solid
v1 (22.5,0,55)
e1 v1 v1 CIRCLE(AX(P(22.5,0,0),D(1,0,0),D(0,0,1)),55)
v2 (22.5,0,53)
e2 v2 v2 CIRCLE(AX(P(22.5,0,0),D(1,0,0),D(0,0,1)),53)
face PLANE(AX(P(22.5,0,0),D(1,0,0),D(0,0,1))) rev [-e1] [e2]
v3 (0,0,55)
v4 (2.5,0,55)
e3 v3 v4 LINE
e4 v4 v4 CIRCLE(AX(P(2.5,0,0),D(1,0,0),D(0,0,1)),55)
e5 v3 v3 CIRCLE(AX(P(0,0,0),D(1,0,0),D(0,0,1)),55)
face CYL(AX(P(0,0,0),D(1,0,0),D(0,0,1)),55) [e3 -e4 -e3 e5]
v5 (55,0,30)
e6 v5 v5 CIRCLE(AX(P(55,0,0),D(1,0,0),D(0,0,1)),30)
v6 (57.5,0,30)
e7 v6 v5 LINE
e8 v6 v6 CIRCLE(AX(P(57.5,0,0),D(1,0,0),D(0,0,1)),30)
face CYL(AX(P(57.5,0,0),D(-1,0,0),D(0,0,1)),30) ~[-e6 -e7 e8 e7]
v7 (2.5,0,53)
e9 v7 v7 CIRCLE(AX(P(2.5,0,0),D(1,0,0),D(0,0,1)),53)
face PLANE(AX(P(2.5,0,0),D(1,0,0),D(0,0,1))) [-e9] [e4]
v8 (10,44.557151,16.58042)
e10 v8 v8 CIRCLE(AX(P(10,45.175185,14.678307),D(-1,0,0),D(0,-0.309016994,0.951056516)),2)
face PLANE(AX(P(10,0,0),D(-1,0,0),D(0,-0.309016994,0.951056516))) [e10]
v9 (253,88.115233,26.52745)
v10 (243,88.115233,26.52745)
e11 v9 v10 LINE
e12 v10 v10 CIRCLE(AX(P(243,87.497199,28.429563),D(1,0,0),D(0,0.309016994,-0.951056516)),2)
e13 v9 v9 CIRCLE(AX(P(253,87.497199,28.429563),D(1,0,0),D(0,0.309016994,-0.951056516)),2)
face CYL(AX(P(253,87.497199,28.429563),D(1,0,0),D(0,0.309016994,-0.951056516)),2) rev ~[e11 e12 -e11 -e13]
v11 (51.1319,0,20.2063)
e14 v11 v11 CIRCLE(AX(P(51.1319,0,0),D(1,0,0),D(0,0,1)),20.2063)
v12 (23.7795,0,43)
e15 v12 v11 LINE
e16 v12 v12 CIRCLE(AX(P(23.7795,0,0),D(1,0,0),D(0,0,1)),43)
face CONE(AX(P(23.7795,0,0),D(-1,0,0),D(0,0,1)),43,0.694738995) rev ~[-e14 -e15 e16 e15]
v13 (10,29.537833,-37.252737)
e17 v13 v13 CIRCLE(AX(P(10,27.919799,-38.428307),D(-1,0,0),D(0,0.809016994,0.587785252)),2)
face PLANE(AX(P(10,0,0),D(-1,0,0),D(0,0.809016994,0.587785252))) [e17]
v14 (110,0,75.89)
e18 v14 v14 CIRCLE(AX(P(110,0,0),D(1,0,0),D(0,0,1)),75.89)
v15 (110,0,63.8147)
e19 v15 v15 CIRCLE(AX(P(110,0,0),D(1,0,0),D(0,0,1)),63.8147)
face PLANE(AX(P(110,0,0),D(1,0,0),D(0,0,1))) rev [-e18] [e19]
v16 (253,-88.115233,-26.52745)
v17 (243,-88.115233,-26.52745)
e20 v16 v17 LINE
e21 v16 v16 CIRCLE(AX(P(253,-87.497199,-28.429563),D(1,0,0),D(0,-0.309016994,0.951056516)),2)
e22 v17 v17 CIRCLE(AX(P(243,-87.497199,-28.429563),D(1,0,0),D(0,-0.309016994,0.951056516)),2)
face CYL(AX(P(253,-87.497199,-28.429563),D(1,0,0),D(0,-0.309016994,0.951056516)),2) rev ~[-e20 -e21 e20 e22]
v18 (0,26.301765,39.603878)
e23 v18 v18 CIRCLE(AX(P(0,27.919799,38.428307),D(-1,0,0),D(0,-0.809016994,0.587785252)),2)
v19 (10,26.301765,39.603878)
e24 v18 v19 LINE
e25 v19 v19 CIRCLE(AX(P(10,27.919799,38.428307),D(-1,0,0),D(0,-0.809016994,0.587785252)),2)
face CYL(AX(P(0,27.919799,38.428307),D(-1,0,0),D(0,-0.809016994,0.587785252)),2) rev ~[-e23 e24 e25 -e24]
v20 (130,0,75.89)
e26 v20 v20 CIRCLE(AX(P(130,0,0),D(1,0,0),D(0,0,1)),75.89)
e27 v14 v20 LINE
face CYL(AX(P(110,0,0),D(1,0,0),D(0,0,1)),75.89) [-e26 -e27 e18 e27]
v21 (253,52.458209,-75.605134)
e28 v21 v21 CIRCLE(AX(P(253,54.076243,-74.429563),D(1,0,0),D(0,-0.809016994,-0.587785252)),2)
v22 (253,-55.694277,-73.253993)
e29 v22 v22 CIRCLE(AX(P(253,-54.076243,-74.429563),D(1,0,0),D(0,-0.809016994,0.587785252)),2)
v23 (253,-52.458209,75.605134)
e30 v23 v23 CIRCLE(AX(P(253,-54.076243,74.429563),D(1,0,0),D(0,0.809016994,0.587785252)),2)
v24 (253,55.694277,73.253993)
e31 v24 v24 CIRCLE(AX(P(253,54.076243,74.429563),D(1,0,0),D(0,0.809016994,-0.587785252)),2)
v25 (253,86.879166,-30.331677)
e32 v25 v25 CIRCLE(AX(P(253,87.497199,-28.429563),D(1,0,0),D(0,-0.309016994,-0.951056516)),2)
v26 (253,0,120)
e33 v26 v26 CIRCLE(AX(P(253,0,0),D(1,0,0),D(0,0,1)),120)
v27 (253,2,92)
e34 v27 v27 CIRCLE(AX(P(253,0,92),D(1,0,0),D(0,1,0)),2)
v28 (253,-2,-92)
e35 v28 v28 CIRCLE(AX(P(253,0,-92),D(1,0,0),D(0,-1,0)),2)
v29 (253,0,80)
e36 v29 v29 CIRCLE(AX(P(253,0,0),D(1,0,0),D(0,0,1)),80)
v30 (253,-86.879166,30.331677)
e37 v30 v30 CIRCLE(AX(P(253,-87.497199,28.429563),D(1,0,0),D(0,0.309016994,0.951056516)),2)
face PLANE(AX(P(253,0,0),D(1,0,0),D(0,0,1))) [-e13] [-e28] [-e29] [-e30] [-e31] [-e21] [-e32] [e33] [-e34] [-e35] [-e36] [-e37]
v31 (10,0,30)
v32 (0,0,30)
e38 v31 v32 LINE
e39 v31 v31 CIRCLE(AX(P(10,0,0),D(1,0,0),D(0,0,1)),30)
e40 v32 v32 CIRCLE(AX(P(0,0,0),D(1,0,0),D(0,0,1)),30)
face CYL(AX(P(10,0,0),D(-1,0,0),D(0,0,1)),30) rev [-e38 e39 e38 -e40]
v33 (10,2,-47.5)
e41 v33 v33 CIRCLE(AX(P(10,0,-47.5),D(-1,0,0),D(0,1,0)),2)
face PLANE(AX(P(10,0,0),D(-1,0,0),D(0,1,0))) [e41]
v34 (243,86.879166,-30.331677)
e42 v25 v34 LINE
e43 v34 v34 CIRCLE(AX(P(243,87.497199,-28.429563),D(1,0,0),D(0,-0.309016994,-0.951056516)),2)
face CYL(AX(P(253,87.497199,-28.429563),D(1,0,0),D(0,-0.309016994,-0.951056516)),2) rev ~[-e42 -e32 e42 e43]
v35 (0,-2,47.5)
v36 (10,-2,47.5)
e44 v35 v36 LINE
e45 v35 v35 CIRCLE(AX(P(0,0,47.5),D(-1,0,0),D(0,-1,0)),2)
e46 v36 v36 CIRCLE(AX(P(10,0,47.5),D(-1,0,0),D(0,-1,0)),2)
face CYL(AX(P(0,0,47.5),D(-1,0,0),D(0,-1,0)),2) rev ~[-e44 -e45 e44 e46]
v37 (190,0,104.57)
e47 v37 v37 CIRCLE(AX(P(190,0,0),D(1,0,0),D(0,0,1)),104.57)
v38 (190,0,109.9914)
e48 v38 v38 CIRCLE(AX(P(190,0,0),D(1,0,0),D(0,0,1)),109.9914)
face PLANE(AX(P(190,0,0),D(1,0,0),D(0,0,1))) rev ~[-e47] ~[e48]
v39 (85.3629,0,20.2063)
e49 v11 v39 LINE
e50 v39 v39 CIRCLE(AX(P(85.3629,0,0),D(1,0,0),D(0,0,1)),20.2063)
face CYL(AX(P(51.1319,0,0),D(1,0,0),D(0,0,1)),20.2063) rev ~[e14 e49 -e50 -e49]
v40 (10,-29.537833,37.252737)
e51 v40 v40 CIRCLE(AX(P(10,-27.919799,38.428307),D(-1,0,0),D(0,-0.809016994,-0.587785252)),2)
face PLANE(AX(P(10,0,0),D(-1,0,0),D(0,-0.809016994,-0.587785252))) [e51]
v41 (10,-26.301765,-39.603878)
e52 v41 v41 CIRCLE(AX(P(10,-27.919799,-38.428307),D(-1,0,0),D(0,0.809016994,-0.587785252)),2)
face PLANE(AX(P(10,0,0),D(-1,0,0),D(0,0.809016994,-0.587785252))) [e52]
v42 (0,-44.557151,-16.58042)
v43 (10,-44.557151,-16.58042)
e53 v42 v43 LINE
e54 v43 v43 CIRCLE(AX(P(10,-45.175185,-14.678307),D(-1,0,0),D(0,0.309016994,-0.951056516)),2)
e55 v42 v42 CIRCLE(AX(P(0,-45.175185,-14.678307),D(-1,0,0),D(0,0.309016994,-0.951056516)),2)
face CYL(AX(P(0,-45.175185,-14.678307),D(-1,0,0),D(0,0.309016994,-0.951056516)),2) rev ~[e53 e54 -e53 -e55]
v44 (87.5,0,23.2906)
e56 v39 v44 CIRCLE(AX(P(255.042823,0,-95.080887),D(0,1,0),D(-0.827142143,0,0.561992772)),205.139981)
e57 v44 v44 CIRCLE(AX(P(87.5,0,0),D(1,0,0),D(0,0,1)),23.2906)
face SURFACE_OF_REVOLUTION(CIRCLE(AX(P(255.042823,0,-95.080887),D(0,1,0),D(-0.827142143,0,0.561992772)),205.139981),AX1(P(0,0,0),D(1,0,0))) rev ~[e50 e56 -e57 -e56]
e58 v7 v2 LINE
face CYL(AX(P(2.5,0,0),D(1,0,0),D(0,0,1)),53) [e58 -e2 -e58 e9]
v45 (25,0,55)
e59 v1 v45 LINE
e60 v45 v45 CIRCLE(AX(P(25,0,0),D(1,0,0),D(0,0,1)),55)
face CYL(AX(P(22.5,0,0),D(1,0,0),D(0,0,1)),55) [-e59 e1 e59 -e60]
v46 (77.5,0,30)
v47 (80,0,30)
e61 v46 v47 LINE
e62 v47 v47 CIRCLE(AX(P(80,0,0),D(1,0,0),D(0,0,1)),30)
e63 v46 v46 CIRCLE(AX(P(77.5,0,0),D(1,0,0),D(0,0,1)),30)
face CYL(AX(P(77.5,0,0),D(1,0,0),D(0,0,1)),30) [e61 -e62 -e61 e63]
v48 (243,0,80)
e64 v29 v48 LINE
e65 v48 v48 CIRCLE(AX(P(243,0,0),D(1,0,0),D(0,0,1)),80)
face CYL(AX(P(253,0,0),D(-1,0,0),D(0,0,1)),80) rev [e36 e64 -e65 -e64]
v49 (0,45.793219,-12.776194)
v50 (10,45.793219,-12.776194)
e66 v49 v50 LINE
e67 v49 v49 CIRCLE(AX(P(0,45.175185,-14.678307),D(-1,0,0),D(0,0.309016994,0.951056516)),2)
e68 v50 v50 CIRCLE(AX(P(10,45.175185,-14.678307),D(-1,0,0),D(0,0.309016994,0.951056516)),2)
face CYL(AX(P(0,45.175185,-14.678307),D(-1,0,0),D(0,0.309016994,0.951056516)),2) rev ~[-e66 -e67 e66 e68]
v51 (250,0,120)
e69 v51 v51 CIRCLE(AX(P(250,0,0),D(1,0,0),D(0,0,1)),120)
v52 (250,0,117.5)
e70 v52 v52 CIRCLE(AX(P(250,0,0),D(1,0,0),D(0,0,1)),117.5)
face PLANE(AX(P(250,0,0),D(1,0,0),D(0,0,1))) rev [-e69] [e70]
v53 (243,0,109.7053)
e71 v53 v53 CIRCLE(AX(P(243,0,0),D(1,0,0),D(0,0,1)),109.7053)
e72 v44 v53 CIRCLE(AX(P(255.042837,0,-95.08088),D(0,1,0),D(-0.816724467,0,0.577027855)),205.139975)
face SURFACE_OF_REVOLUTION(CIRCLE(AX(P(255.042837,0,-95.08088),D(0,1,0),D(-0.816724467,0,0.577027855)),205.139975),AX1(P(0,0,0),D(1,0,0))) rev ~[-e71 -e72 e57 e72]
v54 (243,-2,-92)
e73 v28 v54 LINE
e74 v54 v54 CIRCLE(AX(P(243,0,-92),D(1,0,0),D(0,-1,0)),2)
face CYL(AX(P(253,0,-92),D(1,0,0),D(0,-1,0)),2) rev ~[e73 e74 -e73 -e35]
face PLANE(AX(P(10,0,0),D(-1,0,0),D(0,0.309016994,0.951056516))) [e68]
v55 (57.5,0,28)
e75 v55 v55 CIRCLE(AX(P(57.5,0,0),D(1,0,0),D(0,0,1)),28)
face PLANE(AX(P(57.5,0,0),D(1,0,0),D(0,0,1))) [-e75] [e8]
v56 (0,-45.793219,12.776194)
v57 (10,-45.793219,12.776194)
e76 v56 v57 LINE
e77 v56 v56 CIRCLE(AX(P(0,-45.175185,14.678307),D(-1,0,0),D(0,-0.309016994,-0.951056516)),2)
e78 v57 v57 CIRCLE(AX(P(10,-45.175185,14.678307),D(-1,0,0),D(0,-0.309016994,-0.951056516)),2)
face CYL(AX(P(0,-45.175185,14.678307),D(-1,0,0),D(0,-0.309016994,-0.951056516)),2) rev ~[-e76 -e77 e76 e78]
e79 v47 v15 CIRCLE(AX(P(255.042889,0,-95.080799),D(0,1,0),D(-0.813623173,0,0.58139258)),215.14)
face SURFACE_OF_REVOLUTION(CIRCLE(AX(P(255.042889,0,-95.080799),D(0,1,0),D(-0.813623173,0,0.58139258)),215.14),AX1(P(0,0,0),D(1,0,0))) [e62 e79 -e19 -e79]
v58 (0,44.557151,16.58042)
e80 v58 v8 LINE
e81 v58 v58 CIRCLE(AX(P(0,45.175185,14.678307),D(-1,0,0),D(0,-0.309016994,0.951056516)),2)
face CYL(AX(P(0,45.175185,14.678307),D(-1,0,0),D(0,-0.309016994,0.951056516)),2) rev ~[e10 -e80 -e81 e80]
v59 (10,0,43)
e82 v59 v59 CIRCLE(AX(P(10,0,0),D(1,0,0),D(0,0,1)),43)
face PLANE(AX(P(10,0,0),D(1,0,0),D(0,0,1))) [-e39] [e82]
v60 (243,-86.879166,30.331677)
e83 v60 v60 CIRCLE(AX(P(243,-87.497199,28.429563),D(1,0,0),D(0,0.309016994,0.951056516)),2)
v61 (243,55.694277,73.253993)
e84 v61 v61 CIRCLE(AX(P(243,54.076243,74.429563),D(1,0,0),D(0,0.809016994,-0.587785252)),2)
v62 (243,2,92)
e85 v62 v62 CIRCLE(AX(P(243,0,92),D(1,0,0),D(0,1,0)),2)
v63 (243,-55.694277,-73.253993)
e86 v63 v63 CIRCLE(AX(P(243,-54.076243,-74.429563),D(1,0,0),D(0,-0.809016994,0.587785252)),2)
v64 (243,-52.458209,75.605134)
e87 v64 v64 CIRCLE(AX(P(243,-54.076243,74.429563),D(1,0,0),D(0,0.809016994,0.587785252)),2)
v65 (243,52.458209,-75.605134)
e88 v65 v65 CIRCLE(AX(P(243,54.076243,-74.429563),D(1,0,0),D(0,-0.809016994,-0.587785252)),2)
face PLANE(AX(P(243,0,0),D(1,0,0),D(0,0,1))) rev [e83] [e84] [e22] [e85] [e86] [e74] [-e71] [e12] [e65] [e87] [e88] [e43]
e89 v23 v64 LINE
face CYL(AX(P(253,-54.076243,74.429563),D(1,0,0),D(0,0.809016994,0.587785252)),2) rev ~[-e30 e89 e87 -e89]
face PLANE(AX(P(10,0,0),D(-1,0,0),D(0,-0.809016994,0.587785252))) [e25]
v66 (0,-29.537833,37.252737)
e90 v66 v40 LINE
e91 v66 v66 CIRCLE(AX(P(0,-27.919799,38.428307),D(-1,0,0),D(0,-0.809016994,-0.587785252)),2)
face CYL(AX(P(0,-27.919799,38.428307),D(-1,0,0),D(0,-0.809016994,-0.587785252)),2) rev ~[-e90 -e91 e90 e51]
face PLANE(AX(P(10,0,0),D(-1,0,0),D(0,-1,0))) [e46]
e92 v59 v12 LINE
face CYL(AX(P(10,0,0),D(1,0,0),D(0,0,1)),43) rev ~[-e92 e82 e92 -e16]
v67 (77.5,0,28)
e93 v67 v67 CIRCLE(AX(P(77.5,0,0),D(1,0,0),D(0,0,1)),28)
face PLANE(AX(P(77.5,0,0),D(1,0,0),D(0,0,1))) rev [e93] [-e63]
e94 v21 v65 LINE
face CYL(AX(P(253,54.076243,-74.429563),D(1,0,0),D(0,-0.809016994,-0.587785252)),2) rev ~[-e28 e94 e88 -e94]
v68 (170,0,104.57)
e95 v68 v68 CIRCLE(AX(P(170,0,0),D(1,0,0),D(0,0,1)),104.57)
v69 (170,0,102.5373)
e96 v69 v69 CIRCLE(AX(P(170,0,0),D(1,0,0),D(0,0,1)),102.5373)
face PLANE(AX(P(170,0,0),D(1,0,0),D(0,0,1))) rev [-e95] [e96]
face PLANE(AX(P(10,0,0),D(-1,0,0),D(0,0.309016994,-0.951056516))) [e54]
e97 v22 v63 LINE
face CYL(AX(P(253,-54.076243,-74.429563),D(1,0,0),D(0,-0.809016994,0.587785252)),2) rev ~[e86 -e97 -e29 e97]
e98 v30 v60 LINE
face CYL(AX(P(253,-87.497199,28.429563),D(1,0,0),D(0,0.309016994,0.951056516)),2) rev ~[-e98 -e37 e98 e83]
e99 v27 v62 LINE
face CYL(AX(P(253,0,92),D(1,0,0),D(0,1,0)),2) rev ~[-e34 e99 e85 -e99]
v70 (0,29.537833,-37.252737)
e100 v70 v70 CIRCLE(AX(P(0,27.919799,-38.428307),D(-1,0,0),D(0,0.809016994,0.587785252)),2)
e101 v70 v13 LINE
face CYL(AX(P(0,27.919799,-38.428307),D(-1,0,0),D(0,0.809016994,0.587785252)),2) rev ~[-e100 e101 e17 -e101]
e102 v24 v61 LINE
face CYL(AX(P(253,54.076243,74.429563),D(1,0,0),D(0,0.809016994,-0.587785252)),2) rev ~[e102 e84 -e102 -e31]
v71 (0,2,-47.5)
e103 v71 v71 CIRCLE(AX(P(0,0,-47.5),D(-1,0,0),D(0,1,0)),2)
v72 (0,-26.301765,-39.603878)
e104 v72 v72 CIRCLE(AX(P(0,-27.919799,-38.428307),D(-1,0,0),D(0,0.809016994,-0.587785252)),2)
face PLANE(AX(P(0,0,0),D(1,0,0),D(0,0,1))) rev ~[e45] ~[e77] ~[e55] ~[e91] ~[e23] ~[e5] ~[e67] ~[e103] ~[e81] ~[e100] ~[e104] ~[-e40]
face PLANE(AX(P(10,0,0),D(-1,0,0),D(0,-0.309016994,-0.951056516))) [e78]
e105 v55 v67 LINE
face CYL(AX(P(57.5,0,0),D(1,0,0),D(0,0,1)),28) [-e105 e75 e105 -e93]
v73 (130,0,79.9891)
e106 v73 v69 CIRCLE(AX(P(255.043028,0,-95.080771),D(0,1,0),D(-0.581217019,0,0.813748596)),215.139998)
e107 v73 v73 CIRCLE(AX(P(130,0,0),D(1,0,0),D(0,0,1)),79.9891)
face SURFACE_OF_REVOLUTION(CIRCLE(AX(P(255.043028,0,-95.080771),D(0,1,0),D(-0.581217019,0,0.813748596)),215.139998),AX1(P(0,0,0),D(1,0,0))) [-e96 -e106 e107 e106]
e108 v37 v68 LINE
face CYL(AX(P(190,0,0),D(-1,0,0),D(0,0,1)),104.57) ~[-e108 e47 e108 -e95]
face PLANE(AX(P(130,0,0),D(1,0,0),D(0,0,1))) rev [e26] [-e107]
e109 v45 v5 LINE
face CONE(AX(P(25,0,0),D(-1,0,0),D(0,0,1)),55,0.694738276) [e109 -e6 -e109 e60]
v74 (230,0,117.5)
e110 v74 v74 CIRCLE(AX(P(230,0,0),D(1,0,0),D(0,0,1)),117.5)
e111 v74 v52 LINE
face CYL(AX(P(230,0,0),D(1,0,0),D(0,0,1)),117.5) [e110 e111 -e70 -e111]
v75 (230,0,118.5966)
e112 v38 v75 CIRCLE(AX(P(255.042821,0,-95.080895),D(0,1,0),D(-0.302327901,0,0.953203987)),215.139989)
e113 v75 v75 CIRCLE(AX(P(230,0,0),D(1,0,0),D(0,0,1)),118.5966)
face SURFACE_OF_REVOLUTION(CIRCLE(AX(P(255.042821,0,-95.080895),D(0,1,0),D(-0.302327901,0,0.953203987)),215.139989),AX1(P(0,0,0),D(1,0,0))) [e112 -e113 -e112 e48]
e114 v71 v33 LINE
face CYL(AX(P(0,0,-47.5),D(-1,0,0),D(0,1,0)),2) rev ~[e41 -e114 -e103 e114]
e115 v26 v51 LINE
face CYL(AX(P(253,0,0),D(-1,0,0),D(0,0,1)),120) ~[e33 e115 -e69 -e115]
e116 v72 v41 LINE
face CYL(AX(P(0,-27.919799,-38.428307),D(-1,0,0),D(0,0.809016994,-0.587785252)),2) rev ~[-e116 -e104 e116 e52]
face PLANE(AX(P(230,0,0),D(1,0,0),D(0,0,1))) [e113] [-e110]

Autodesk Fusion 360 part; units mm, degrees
sketch "Sketch1" plane through (0, 0, 0) normal (0, 1, 0) x (1, 0, 0)
  line L0 (0, 0) -> (253, 0) construction
  line L1 (253, 0) -> (253, -120) construction
  line L2 (0, -120) -> (0, 0) construction
  line L3 (0, -55) -> (2.5, -55)
  line L4 (2.5, -55) -> (2.5, -53)
  line L5 (2.5, -53) -> (22.5, -53)
  line L6 (22.5, -53) -> (22.5, -55)
  line L7 (22.5, -55) -> (25, -55)
  line L8 (22.5, -55) -> (57.5, -55) construction
  line L9 (57.5, -55) -> (57.5, -30) construction
  line L10 (57.5, -30) -> (55, -30)
  line L11 (25, -55) -> (55, -30)
  line L12 (57.5, -30) -> (57.5, -29.7796)
  line L13 (57.5, -29.7796) -> (57.5, -28)
  line L14 (57.5, -28) -> (77.5, -28)
  line L15 (77.5, -28) -> (77.5, -30)
  line L16 (77.5, -30) -> (80, -30)
  line L17 (253, -120) -> (250, -120)
  line L18 (0, -55) -> (0, -30)
  arc A0 (87.5, -23.2906) -> (243, -109.7053) centre (255.0428, 95.0809) ccw
  line L19 (23.7795, -43) -> (51.1319, -20.2063)
  line L20 (10, -43) -> (23.7795, -43)
  line L21 (10, -43) -> (10, -30)
  line L22 (10, -30) -> (0, -30)
  line L23 (51.1319, -20.2063) -> (85.3629, -20.2063)
  line L24 (253, -120) -> (253, -110)
  arc A1 (85.3629, -20.2063) -> (243, -109.7053) centre (255.0428, 95.0809) ccw
  line L25 (253, -110) -> (253, -80)
  line L26 (253, -80) -> (243, -80)
  line L27 (243, -80) -> (243, -109.7053)
  line L28 (230, -118.5966) -> (230, -117.5)
  line L29 (230, -117.5) -> (250, -117.5)
  line L30 (250, -117.5) -> (250, -120)
  line L31 (253, -120) -> (250, -120) construction
  line L32 (230, -120) -> (0, -120) construction
  line L33 (190, -167.9989) -> (190, 64.1278) construction
  line L34 (170, -159.3868) -> (170, 52.862) construction
  line L35 (130, -158.4855) -> (130, 61.424) construction
  line L36 (110, -157.8306) -> (110, 88.7531) construction
  line L37 (358.5261, -104.57) -> (17.8717, -104.57) construction
  line L38 (363.4901, -75.89) -> (29.0407, -75.89) construction
  line L39 (170, -102.5373) -> (170, -104.57)
  line L40 (190, -104.57) -> (170, -104.57)
  arc A2 (190, -109.9914) -> (230, -118.5966) centre (255.0428, 95.0809) ccw
  line L41 (190, -109.9914) -> (190, -104.57)
  line L42 (110, -75.89) -> (130, -75.89)
  line L43 (110, -63.8147) -> (110, -75.89)
  line L44 (130, -75.89) -> (130, -79.9891)
  arc A3 (80, -30) -> (110, -63.8147) centre (255.0428, 95.0809) ccw
  arc A4 (130, -79.9891) -> (170, -102.5373) centre (255.0428, 95.0809) ccw
  dimension "d78" = 120
  dimension "d79" = 253
  dimension "d80" = 55
  dimension "d81" = 2.5
  dimension "d82" = 20
  dimension "d83" = 2
  dimension "d84" = 2
  dimension "d85" = 2.5
  dimension "d86" = 35
  dimension "d87" = 25
  dimension "d88" = 2.5
  dimension "d89" = 20
  dimension "d90" = 2
  dimension "d91" = 2
  dimension "d92" = 2.5
  dimension "d93" = 3
  dimension "d94" = 215.14
  dimension "d95" = 25
  dimension "d97" = 7.7937
  dimension "d98" = 80
  dimension "d99" = 10
  dimension "d100" = 20
  dimension "d101" = 2.5
  dimension "d102" = 40
  dimension "d103" = 20
  dimension "d104" = 40
  dimension "d105" = 20
  dimension "d106" = 75.89
  dimension "d107" = 104.57
revolve "Revolve3" add sketch "Sketch1" angle 360 about axis through (0, 0, 0) along (1, 0, 0)
sketch "Sketch6" plane through (253, 0, 0) normal (1, 0, 0) x (0, 1, 0)
  circle A0 centre (0, 0) radius 80
  circle A1 centre (0, 0) radius 120
  line L0 (0, 0) -> (0, 205.4416) construction
  circle A2 centre (0, 92) radius 2
  dimension "d109" = 4
  dimension "d110" = 92
extrude "Extrude3" cut sketch "Sketch6" along normal mid plane 30 contours A2
pattern_circular "C-Pattern3" count 10 over 360 about axis through (1.75, 0, 0) along (1, 0, 0) of "Extrude3"
sketch "Sketch7" plane through (0, 0, 0) normal (-1, 0, 0) x (0, -1, 0)
  circle A0 centre (0, 0) radius 55
  circle A1 centre (0, 0) radius 30
  line L0 (0, 0) -> (0, 179.9785) construction
  circle A2 centre (0, 47.5) radius 2
  dimension "d115" = 4
  dimension "d116" = 47.5
extrude "Extrude4" cut sketch "Sketch7" along normal mid plane 20 contours A2
pattern_circular "C-Pattern4" count 10 over 360 about axis through (1.75, 0, 0) along (1, 0, 0) of "Extrude4"
